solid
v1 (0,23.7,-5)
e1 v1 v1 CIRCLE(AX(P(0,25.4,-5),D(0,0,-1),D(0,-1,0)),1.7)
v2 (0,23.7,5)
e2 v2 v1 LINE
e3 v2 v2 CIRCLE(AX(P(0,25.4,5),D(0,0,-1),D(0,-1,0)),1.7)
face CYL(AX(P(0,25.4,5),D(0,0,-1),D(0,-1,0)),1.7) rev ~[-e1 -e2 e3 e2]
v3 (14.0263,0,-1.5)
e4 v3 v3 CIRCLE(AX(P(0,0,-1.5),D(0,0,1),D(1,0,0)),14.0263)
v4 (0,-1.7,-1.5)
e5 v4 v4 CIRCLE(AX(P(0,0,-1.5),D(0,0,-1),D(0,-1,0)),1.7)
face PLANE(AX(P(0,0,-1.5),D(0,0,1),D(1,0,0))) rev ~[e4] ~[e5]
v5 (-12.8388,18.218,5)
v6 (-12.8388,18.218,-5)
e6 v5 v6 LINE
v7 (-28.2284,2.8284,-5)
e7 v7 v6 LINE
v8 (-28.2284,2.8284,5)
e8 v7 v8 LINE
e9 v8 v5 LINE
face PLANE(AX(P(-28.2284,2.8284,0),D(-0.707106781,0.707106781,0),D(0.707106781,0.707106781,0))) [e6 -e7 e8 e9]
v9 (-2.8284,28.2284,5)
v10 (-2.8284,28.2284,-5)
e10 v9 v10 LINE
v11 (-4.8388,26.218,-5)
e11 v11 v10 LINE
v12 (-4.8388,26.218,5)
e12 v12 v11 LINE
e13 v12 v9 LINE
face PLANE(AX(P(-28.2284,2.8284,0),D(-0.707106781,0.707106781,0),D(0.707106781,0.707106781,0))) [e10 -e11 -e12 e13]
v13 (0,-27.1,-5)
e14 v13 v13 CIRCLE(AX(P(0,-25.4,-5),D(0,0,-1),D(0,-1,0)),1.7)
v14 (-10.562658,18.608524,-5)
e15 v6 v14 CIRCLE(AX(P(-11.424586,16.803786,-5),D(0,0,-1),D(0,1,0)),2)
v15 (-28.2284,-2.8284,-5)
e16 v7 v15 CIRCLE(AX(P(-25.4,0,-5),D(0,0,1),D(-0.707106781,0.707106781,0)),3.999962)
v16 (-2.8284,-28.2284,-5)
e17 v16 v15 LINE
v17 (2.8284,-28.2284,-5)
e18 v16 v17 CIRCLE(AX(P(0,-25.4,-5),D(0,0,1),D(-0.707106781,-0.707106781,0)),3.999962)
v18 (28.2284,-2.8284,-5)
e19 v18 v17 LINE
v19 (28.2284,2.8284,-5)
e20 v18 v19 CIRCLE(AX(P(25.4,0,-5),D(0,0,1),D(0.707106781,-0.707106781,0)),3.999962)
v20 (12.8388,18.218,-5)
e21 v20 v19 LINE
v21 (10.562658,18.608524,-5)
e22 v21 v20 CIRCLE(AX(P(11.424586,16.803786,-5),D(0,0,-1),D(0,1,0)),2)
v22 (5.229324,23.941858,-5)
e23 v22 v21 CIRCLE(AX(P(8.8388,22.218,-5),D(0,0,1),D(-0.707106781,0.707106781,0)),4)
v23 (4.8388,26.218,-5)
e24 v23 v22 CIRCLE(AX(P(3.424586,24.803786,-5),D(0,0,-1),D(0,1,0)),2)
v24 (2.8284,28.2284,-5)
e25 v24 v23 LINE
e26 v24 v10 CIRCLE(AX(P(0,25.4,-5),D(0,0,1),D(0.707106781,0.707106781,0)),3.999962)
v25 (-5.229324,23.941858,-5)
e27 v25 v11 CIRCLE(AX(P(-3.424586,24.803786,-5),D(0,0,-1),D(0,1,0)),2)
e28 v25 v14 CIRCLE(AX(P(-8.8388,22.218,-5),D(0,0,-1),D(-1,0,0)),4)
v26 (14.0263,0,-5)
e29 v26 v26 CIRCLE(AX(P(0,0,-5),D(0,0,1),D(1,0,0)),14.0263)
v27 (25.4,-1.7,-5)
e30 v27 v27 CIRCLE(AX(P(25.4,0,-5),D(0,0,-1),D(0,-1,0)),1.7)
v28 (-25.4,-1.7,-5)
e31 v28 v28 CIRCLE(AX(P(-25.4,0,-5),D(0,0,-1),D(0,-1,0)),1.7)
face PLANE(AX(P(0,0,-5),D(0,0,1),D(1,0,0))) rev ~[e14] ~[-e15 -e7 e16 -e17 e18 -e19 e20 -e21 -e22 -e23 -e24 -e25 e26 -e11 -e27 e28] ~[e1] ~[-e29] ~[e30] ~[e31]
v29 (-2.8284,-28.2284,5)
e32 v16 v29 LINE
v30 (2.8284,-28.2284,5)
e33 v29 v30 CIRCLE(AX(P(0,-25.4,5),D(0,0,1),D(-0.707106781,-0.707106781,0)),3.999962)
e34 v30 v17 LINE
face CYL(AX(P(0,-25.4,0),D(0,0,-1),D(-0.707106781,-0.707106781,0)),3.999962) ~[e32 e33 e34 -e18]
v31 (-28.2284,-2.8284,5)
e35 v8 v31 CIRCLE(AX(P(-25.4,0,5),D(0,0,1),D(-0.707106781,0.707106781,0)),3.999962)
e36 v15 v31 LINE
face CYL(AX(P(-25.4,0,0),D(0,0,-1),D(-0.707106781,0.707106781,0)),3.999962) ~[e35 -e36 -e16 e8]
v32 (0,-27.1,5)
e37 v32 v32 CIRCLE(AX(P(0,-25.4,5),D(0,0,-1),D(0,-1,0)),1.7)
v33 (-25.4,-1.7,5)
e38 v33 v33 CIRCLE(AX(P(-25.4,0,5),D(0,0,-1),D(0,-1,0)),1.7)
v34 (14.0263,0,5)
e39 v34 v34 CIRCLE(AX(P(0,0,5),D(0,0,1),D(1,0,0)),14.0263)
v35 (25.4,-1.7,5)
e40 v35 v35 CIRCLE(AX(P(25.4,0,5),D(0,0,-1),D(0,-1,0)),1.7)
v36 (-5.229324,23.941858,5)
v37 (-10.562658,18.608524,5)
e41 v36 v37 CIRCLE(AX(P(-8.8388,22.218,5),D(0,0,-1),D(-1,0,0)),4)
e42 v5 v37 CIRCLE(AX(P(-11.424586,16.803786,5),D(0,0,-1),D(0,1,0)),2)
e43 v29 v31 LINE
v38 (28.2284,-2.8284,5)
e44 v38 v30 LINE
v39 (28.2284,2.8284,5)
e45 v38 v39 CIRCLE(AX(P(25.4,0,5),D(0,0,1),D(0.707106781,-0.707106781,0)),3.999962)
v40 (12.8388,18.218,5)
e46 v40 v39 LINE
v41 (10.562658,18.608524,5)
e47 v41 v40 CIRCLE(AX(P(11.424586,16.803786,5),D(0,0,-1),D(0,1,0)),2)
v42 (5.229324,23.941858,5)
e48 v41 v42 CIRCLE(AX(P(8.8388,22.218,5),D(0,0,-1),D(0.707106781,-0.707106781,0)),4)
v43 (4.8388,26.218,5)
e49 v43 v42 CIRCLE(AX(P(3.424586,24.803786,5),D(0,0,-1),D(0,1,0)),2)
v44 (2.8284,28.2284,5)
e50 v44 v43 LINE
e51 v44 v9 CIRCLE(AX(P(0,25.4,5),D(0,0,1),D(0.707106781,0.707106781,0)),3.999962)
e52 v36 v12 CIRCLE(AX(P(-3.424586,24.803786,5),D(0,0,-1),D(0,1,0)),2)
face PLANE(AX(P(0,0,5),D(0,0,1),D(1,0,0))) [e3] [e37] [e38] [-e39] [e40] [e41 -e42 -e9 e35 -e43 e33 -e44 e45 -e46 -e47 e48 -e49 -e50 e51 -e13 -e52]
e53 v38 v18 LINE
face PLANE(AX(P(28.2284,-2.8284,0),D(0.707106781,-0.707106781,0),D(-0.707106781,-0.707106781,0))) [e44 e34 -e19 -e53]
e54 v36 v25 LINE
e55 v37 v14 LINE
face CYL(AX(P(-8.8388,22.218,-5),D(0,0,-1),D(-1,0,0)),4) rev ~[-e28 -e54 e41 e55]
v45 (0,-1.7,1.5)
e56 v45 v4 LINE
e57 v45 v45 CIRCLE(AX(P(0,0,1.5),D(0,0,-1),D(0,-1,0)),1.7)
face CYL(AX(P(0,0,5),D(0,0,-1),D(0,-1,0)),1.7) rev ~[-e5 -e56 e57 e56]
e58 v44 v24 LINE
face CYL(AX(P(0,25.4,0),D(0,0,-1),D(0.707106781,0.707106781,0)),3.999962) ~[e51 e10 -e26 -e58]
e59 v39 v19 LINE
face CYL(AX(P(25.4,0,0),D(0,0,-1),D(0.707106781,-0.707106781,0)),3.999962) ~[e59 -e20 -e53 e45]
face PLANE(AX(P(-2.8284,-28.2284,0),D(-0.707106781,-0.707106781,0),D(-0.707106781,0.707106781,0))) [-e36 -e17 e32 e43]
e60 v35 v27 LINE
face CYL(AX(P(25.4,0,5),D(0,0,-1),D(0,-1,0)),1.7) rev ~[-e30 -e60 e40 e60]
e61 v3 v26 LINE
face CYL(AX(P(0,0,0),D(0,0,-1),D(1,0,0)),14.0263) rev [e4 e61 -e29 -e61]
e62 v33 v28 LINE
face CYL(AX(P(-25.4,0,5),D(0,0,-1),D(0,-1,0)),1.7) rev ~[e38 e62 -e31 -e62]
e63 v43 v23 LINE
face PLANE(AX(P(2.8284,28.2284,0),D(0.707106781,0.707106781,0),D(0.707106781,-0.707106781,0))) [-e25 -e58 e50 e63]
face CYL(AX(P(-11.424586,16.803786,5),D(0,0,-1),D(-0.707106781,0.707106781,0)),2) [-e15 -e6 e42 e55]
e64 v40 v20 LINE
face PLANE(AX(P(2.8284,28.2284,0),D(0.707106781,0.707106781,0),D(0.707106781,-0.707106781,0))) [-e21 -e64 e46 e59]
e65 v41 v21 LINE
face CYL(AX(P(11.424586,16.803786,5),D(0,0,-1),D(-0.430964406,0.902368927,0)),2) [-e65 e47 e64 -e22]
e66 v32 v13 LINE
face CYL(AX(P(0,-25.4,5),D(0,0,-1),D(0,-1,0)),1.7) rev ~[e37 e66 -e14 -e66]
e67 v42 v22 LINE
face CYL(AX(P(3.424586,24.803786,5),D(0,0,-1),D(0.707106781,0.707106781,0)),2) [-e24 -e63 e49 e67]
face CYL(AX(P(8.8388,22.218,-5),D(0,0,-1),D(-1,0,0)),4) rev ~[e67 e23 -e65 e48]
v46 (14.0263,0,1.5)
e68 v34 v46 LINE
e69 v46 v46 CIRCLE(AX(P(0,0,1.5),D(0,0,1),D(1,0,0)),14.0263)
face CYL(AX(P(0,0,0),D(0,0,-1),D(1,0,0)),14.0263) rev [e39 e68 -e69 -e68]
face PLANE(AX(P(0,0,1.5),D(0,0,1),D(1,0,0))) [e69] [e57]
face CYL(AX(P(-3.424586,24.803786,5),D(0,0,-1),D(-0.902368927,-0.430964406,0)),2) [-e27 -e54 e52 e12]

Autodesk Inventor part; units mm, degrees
ref_plane "YZ Plane" through (0, 0, 0) normal (1, 0, 0) x (0, 1, 0)
ref_plane "XZ Plane" through (0, 0, 0) normal (0, 1, 0) x (-1, 0, 0)
ref_plane "XY Plane" through (0, 0, 0) normal (0, 0, 1) x (1, 0, 0)
sketch "Sketch1" plane through (0, 0, 0) normal (0, 0, 1) x (1, 0, 0)
  line L0 (0, 25.4) -> (-25.4, 0) construction
  line L1 (-25.4, 0) -> (0, -25.4) construction
  line L2 (0, -25.4) -> (25.4, 0) construction
  line L3 (25.4, 0) -> (0, 25.4) construction
  line L4 (0, 25.4) -> (0, -25.4) construction
  line L5 (-25.4, 0) -> (25.4, 0) construction
  line L6 (-28.2284, 2.8284) -> (-2.8284, 28.2284)
  line L7 (2.8284, 28.2284) -> (28.2284, 2.8284)
  line L8 (28.2284, -2.8284) -> (2.8284, -28.2284)
  line L9 (-2.8284, -28.2284) -> (-28.2284, -2.8284)
  arc A0 (2.8284, 28.2284) -> (-2.8284, 28.2284) centre (0, 25.4) ccw
  arc A1 (28.2284, -2.8284) -> (28.2284, 2.8284) centre (25.4, 0) ccw
  arc A2 (-2.8284, -28.2284) -> (2.8284, -28.2284) centre (0, -25.4) ccw
  arc A3 (-28.2284, 2.8284) -> (-28.2284, -2.8284) centre (-25.4, 0) ccw
  circle A4 centre (0, 0) radius 10.0263 construction
  circle A5 centre (0, 0) radius 14.0263
  dimension "d0" = 4
  dimension "d1" = 4
  dimension "d2" = 25.4
  dimension "d22" = 20.0526
  dimension "d23" = 4
extrude "Extrusion1" add sketch "Sketch1" along normal mid plane 10
extrude "Extrusion2" add sketch "Sketch1" along normal mid plane 3 contours A5
sketch "Sketch2" plane through (0, 0, 5) normal (0, 0, 1) x (1, 0, 0)
  arc A0 (28.2284, -2.8284) -> (28.2284, 2.8284) centre (25.4, 0) ccw projected
  arc A1 (2.8284, 28.2284) -> (-2.8284, 28.2284) centre (0, 25.4) ccw projected
  arc A2 (-28.2284, 2.8284) -> (-28.2284, -2.8284) centre (-25.4, 0) ccw projected
  arc A3 (-2.8284, -28.2284) -> (2.8284, -28.2284) centre (0, -25.4) ccw projected
  point P0 (0, 0)
hole "Hole1" at (0, 25.4, 5) at (-25.4, 0, 5) at (0, -25.4, 5) at (25.4, 0, 5) at (0, 0, 5) direction (0, 0, -1) diameter 3.4 end through all clearance for "Socket Head Cap Screw" size "M3" standard "Ansi Metric M Profile"
sketch "Sketch3" plane through (0, 0, -5) normal (0, 0, -1) x (-1, 0, 0)
  circle A0 centre (0, 0) radius 14.0263 construction
  arc A1 (2.8284, 28.2284) -> (-2.8284, 28.2284) centre (0, 25.4) ccw construction
  line L0 (-28.2284, 2.8284) -> (-2.8284, 28.2284) construction
  circle A2 centre (-8.8388, 22.218) radius 4
  line L1 (0, 0) -> (0, 25.4) construction
  circle A3 centre (8.8388, 22.218) radius 4
  dimension "d26" = 8.5
  dimension "d27" = 8
extrude "Extrusion3" cut sketch "Sketch3" against normal through all
fillet "Fillet1" radius 2 4 edges at (6.0104, 25.0464, 0) (11.6673, 19.3896, 0) (-6.0104, 25.0464, 0) (-11.6673, 19.3896, 0)
equation "\"d2\" = LengthA"
equation "\"d22\" = 2 * LengthM"
equation "\"LengthM\" = 10.02632"
equation "\"LengthA\" = 25.4"
properties part number "MatingPlates"
